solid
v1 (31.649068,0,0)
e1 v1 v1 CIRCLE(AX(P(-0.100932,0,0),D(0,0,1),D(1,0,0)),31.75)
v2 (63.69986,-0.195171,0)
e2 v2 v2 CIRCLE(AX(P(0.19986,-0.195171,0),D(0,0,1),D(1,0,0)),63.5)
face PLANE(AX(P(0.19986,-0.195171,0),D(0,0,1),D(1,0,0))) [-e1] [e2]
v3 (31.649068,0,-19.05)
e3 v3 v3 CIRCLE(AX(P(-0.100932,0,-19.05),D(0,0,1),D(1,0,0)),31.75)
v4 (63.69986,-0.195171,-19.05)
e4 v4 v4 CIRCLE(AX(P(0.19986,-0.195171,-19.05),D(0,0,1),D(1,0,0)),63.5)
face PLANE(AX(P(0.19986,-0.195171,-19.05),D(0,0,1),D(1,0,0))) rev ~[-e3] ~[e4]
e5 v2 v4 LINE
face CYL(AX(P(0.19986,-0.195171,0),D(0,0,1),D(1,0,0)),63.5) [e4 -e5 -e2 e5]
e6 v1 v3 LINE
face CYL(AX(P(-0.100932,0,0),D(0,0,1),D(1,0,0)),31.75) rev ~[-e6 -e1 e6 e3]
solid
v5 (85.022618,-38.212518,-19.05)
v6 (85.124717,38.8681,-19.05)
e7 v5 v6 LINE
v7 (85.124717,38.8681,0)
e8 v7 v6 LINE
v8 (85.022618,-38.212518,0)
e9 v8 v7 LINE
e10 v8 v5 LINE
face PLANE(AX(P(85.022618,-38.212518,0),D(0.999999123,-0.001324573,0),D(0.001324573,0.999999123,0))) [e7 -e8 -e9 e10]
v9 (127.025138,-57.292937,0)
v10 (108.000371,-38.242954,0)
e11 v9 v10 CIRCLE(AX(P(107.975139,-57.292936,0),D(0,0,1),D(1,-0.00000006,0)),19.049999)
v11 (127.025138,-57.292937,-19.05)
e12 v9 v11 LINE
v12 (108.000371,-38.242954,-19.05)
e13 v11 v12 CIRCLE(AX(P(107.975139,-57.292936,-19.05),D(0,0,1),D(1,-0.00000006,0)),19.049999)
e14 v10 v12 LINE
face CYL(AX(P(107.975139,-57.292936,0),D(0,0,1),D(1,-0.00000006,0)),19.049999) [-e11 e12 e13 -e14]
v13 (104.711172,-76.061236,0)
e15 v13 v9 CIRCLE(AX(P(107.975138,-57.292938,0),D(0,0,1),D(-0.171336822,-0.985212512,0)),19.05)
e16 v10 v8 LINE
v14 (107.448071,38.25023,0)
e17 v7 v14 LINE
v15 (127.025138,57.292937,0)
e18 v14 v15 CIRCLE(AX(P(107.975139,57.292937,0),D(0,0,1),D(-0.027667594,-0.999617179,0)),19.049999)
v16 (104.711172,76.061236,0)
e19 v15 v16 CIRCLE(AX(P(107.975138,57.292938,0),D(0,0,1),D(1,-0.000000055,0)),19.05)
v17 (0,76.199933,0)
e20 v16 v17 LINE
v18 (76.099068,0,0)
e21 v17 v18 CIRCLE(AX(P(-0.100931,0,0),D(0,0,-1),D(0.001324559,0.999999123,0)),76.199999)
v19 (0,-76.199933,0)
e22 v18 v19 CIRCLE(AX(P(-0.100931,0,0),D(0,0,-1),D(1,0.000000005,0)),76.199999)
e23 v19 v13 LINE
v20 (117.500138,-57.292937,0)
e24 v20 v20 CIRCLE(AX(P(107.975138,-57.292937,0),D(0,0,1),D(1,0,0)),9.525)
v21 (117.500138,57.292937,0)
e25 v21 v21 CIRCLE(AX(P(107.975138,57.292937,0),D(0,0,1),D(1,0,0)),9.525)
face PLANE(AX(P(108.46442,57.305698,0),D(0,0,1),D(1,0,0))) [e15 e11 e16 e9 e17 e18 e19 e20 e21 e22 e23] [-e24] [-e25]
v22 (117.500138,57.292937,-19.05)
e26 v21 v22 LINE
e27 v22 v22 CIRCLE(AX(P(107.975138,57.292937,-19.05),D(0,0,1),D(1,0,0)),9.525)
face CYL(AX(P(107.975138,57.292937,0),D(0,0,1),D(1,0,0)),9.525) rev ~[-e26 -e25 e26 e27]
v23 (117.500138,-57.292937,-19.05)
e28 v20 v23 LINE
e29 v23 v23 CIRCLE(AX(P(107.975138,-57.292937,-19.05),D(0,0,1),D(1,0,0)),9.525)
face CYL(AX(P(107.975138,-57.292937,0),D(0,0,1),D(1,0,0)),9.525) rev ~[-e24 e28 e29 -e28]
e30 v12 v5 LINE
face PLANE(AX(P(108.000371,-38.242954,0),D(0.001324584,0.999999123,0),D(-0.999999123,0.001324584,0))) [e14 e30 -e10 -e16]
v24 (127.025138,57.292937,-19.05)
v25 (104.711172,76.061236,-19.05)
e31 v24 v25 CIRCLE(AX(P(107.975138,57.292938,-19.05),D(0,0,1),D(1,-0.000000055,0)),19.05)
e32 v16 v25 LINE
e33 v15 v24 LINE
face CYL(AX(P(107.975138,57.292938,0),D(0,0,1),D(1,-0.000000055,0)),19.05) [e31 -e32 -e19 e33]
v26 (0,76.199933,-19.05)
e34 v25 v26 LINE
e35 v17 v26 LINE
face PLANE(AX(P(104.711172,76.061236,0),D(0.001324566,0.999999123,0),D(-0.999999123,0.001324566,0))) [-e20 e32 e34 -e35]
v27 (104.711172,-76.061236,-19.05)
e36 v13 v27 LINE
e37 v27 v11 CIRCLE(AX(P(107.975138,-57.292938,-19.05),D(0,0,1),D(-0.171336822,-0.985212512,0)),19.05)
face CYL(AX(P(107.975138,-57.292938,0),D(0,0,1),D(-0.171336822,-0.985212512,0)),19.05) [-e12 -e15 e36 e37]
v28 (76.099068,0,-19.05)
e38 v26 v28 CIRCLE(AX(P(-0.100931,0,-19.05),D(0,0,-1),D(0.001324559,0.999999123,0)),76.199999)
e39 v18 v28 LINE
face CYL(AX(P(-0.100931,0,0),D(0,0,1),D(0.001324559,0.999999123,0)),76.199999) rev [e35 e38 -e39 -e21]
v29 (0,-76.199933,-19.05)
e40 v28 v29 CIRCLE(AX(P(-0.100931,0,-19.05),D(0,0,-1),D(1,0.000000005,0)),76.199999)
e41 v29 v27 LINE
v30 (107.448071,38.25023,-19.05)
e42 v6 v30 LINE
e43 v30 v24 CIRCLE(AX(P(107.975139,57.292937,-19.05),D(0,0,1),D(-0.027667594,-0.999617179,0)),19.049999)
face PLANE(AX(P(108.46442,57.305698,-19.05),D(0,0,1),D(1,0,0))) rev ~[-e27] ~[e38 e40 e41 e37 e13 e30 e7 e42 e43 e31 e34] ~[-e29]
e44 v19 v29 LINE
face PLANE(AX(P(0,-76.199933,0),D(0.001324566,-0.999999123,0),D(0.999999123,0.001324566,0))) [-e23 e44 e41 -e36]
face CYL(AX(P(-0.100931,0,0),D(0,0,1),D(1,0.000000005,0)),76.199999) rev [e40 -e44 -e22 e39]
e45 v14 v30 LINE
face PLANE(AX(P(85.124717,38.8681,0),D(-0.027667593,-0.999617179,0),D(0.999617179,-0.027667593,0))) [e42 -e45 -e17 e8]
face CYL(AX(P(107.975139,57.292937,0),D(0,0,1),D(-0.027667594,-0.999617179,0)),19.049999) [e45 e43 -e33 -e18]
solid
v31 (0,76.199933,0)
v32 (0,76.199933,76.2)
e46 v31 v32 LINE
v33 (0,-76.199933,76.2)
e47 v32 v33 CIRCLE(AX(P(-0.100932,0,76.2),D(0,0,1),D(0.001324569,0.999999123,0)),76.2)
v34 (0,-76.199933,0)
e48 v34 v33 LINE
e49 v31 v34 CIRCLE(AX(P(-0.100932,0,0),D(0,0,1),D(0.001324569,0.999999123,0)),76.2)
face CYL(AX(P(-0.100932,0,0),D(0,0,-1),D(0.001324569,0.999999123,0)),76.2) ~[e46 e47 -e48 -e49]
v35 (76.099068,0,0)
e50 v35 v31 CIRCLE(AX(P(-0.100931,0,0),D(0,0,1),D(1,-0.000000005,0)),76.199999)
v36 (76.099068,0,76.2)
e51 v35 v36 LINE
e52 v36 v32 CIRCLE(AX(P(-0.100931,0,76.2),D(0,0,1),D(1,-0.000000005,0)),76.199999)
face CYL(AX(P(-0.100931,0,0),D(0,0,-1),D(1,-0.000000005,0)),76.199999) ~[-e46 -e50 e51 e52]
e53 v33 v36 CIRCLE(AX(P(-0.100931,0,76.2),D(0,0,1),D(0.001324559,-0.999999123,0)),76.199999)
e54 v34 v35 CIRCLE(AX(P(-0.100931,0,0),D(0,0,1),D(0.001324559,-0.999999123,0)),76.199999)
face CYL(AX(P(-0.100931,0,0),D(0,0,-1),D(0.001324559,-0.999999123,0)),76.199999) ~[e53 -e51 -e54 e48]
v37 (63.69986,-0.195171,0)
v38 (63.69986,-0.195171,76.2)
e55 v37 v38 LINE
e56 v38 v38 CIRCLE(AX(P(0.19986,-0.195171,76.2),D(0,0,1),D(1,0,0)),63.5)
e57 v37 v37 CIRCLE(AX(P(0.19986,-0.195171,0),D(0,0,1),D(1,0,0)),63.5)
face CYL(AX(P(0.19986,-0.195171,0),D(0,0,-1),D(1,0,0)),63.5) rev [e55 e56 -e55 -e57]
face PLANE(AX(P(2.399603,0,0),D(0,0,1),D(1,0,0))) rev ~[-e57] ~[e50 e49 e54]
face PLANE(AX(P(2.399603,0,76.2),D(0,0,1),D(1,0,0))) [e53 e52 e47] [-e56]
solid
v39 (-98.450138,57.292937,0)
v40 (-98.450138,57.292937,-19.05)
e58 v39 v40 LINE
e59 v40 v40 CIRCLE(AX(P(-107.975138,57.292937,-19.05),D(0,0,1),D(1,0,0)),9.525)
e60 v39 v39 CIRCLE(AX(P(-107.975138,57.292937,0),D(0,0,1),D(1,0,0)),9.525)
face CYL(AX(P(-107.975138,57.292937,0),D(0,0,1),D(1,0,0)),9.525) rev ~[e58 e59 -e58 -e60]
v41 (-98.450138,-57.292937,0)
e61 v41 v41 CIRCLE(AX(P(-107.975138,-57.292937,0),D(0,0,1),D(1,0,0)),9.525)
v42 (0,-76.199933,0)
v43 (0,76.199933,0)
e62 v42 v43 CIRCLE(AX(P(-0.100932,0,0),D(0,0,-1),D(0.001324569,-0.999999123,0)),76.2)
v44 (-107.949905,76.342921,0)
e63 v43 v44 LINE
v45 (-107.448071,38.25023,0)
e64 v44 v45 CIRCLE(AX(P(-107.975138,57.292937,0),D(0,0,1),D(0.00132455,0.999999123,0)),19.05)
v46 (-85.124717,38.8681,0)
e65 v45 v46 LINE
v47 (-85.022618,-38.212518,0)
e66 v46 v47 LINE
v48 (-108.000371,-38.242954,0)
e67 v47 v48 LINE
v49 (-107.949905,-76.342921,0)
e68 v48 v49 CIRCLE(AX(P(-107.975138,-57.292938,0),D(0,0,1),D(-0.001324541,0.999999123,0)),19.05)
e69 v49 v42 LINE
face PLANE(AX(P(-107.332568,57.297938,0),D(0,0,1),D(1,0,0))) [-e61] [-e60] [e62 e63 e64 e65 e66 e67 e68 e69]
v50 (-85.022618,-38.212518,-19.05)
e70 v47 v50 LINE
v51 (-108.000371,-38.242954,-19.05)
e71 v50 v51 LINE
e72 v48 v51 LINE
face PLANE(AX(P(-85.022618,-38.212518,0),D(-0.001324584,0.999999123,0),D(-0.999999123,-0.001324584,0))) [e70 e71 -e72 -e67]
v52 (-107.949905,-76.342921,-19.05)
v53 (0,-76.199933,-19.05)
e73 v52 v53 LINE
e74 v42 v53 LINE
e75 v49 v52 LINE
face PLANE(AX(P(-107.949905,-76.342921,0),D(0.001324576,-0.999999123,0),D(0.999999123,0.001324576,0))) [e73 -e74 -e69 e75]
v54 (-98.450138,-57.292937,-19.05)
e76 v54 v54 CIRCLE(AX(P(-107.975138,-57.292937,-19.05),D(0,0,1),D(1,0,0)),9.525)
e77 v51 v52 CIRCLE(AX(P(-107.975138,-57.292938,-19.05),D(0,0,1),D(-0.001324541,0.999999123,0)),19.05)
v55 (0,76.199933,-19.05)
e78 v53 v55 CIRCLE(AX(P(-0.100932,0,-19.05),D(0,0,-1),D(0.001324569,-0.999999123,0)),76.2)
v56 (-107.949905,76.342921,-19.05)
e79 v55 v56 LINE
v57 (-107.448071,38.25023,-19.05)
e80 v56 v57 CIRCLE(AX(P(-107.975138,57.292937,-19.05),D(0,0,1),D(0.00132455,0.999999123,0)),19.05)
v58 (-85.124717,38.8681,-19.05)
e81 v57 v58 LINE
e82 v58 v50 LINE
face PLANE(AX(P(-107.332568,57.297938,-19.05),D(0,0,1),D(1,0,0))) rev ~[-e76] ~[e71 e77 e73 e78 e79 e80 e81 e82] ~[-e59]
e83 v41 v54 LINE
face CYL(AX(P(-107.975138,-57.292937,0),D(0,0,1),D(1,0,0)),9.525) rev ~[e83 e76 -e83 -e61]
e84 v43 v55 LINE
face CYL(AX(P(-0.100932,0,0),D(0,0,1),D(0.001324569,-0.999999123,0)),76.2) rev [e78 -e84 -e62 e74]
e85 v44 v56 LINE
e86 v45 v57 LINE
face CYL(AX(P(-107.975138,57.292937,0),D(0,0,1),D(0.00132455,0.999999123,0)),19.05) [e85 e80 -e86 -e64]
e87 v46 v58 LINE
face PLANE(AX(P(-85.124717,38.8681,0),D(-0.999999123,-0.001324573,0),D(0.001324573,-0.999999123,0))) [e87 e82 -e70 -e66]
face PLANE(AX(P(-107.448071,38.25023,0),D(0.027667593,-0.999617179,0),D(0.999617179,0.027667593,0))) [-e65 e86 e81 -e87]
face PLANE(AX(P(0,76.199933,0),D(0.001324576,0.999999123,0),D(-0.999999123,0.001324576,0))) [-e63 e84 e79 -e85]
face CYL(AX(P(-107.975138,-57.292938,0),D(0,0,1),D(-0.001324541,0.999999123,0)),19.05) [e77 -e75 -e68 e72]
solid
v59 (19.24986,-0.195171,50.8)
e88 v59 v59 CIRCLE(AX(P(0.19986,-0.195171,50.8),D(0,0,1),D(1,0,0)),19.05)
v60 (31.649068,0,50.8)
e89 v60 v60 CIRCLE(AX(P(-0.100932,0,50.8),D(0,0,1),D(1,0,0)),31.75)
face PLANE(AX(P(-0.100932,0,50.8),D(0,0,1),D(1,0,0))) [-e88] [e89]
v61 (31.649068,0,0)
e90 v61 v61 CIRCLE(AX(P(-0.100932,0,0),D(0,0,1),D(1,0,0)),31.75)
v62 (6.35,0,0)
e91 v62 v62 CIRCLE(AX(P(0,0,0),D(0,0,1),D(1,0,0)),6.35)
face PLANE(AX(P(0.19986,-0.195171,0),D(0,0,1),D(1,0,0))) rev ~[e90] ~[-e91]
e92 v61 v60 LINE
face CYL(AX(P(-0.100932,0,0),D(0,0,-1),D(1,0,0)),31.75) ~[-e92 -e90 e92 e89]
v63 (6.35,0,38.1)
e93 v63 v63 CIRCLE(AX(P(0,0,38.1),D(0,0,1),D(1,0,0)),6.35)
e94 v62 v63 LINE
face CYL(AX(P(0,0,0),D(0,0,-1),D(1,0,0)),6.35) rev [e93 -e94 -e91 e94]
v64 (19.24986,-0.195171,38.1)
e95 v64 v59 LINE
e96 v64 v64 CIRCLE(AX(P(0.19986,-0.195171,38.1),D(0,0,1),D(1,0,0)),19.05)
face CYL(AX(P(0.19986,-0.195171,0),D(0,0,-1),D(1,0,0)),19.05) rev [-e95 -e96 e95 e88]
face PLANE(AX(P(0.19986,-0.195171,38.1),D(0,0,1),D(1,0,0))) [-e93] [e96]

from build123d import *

# Parameters (mm, degrees)
F0_R     = 9.525
F0_R_2   = 63.5
F0_R_3   = 31.75
F1_DEPTH = 19.05
F0_R_4   = 19.05
F2_DEPTH = 50.8
F3_DEPTH = 76.2
F0_R_5   = 6.35
F4_DEPTH = 38.1


with BuildPart() as f1:
    # F0 (on Top) → F1 (new body)
    with BuildSketch(Plane.XY):
        with BuildLine():
            ThreePointArc((-88.925138, 57.292937), (-94.495836, 70.754397), (-107.949905, 76.342921))
            ThreePointArc((-107.949905, 76.342921), (-127.023485, 57.041994), (-107.448071, 38.25023))
            ThreePointArc((-107.448071, 38.25023), (-94.319679, 44.010207), (-88.925138, 57.292937))
        make_face()
        with Locations((-107.975138, 57.292937)):
            Circle(F0_R, mode=Mode.SUBTRACT)
        with BuildLine():
            ThreePointArc((-108.000371, -38.242954), (-127.025122, -57.31817), (-107.949905, -76.342921))
            ThreePointArc((-107.949905, -76.342921), (-94.495836, -70.754397), (-88.925138, -57.292937))
            ThreePointArc((-88.925138, -57.292937), (-94.513678, -43.813635), (-108.000371, -38.242954))
        make_face()
        with Locations((-107.975138, -57.292937)):
            Circle(F0_R, mode=Mode.SUBTRACT)
        with BuildLine():
            ThreePointArc((127.025138, 57.292937), (120.237356, 71.871707), (104.711172, 76.061236))
            ThreePointArc((104.711172, 76.061236), (88.974848, 55.917627), (107.448071, 38.25023))
            ThreePointArc((107.448071, 38.25023), (121.257869, 43.637478), (127.025138, 57.292937))
        make_face()
        with Locations((107.975138, 57.292937)):
            Circle(F0_R, mode=Mode.SUBTRACT)
        with BuildLine():
            ThreePointArc((108.000371, -38.242954), (88.996783, -55.642318), (104.711172, -76.061236))
            ThreePointArc((104.711172, -76.061236), (120.237356, -71.871707), (127.025138, -57.292937))
            ThreePointArc((127.025138, -57.292937), (121.454441, -43.831477), (108.000371, -38.242954))
        make_face()
        with Locations((107.975138, -57.292937)):
            Circle(F0_R, mode=Mode.SUBTRACT)
        with Locations((0.19986, -0.195171)):
            Circle(F0_R_2)
        with Locations((-0.100932, 0)):
            Circle(F0_R_3, mode=Mode.SUBTRACT)
        with BuildLine():
            ThreePointArc((0, 76.199933), (53.816278, 53.84584), (76.099068, 0))
            ThreePointArc((76.099068, 0), (53.816278, -53.84584), (0, -76.199933))
            Line((0, -76.199933), (104.711172, -76.061236))
            ThreePointArc((104.711172, -76.061236), (88.996783, -55.642318), (108.000371, -38.242954))
            Line((108.000371, -38.242954), (85.022618, -38.212518))
            Line((85.022618, -38.212518), (85.124717, 38.8681))
            Line((85.124717, 38.8681), (107.448071, 38.25023))
            ThreePointArc((107.448071, 38.25023), (88.974848, 55.917627), (104.711172, 76.061236))
            Line((104.711172, 76.061236), (0, 76.199933))
        make_face()
        with BuildLine():
            ThreePointArc((0, -76.199933), (-76.300932, 0), (0, 76.199933))
            Line((0, 76.199933), (-107.949905, 76.342921))
            ThreePointArc((-107.949905, 76.342921), (-94.495836, 70.754397), (-88.925138, 57.292937))
            ThreePointArc((-88.925138, 57.292937), (-94.319679, 44.010207), (-107.448071, 38.25023))
            Line((-107.448071, 38.25023), (-85.124717, 38.8681))
            Line((-85.124717, 38.8681), (-85.022618, -38.212518))
            Line((-85.022618, -38.212518), (-108.000371, -38.242954))
            ThreePointArc((-108.000371, -38.242954), (-94.513678, -43.813635), (-88.925138, -57.292937))
            ThreePointArc((-88.925138, -57.292937), (-94.495836, -70.754397), (-107.949905, -76.342921))
            Line((-107.949905, -76.342921), (0, -76.199933))
        make_face()
    extrude(amount=-F1_DEPTH)


with BuildPart() as f2:
    # F0 (on Top) → F2 (new body)
    with BuildSketch(Plane.XY):
        with Locations((-0.100932, 0)):
            Circle(F0_R_3)
        with Locations((0.19986, -0.195171)):
            Circle(F0_R_4, mode=Mode.SUBTRACT)
    extrude(amount=F2_DEPTH)

    # F0 (on Top) → F4 (join)
    with BuildSketch(Plane.XY):
        with Locations((0.19986, -0.195171)):
            Circle(F0_R_4)
        Circle(F0_R_5, mode=Mode.SUBTRACT)
    extrude(amount=F4_DEPTH)


with BuildPart() as f3:
    # F0 (on Top) → F3 (new body)
    with BuildSketch(Plane.XY):
        with BuildLine():
            ThreePointArc((0, -76.199933), (53.816278, -53.84584), (76.099068, 0))
            ThreePointArc((76.099068, 0), (53.816278, 53.84584), (0, 76.199933))
            ThreePointArc((0, 76.199933), (-76.300932, 0), (0, -76.199933))
        make_face()
        with Locations((0.19986, -0.195171)):
            Circle(F0_R_2, mode=Mode.SUBTRACT)
    extrude(amount=F3_DEPTH)


solid = Compound([f1.part, f2.part, f3.part])
